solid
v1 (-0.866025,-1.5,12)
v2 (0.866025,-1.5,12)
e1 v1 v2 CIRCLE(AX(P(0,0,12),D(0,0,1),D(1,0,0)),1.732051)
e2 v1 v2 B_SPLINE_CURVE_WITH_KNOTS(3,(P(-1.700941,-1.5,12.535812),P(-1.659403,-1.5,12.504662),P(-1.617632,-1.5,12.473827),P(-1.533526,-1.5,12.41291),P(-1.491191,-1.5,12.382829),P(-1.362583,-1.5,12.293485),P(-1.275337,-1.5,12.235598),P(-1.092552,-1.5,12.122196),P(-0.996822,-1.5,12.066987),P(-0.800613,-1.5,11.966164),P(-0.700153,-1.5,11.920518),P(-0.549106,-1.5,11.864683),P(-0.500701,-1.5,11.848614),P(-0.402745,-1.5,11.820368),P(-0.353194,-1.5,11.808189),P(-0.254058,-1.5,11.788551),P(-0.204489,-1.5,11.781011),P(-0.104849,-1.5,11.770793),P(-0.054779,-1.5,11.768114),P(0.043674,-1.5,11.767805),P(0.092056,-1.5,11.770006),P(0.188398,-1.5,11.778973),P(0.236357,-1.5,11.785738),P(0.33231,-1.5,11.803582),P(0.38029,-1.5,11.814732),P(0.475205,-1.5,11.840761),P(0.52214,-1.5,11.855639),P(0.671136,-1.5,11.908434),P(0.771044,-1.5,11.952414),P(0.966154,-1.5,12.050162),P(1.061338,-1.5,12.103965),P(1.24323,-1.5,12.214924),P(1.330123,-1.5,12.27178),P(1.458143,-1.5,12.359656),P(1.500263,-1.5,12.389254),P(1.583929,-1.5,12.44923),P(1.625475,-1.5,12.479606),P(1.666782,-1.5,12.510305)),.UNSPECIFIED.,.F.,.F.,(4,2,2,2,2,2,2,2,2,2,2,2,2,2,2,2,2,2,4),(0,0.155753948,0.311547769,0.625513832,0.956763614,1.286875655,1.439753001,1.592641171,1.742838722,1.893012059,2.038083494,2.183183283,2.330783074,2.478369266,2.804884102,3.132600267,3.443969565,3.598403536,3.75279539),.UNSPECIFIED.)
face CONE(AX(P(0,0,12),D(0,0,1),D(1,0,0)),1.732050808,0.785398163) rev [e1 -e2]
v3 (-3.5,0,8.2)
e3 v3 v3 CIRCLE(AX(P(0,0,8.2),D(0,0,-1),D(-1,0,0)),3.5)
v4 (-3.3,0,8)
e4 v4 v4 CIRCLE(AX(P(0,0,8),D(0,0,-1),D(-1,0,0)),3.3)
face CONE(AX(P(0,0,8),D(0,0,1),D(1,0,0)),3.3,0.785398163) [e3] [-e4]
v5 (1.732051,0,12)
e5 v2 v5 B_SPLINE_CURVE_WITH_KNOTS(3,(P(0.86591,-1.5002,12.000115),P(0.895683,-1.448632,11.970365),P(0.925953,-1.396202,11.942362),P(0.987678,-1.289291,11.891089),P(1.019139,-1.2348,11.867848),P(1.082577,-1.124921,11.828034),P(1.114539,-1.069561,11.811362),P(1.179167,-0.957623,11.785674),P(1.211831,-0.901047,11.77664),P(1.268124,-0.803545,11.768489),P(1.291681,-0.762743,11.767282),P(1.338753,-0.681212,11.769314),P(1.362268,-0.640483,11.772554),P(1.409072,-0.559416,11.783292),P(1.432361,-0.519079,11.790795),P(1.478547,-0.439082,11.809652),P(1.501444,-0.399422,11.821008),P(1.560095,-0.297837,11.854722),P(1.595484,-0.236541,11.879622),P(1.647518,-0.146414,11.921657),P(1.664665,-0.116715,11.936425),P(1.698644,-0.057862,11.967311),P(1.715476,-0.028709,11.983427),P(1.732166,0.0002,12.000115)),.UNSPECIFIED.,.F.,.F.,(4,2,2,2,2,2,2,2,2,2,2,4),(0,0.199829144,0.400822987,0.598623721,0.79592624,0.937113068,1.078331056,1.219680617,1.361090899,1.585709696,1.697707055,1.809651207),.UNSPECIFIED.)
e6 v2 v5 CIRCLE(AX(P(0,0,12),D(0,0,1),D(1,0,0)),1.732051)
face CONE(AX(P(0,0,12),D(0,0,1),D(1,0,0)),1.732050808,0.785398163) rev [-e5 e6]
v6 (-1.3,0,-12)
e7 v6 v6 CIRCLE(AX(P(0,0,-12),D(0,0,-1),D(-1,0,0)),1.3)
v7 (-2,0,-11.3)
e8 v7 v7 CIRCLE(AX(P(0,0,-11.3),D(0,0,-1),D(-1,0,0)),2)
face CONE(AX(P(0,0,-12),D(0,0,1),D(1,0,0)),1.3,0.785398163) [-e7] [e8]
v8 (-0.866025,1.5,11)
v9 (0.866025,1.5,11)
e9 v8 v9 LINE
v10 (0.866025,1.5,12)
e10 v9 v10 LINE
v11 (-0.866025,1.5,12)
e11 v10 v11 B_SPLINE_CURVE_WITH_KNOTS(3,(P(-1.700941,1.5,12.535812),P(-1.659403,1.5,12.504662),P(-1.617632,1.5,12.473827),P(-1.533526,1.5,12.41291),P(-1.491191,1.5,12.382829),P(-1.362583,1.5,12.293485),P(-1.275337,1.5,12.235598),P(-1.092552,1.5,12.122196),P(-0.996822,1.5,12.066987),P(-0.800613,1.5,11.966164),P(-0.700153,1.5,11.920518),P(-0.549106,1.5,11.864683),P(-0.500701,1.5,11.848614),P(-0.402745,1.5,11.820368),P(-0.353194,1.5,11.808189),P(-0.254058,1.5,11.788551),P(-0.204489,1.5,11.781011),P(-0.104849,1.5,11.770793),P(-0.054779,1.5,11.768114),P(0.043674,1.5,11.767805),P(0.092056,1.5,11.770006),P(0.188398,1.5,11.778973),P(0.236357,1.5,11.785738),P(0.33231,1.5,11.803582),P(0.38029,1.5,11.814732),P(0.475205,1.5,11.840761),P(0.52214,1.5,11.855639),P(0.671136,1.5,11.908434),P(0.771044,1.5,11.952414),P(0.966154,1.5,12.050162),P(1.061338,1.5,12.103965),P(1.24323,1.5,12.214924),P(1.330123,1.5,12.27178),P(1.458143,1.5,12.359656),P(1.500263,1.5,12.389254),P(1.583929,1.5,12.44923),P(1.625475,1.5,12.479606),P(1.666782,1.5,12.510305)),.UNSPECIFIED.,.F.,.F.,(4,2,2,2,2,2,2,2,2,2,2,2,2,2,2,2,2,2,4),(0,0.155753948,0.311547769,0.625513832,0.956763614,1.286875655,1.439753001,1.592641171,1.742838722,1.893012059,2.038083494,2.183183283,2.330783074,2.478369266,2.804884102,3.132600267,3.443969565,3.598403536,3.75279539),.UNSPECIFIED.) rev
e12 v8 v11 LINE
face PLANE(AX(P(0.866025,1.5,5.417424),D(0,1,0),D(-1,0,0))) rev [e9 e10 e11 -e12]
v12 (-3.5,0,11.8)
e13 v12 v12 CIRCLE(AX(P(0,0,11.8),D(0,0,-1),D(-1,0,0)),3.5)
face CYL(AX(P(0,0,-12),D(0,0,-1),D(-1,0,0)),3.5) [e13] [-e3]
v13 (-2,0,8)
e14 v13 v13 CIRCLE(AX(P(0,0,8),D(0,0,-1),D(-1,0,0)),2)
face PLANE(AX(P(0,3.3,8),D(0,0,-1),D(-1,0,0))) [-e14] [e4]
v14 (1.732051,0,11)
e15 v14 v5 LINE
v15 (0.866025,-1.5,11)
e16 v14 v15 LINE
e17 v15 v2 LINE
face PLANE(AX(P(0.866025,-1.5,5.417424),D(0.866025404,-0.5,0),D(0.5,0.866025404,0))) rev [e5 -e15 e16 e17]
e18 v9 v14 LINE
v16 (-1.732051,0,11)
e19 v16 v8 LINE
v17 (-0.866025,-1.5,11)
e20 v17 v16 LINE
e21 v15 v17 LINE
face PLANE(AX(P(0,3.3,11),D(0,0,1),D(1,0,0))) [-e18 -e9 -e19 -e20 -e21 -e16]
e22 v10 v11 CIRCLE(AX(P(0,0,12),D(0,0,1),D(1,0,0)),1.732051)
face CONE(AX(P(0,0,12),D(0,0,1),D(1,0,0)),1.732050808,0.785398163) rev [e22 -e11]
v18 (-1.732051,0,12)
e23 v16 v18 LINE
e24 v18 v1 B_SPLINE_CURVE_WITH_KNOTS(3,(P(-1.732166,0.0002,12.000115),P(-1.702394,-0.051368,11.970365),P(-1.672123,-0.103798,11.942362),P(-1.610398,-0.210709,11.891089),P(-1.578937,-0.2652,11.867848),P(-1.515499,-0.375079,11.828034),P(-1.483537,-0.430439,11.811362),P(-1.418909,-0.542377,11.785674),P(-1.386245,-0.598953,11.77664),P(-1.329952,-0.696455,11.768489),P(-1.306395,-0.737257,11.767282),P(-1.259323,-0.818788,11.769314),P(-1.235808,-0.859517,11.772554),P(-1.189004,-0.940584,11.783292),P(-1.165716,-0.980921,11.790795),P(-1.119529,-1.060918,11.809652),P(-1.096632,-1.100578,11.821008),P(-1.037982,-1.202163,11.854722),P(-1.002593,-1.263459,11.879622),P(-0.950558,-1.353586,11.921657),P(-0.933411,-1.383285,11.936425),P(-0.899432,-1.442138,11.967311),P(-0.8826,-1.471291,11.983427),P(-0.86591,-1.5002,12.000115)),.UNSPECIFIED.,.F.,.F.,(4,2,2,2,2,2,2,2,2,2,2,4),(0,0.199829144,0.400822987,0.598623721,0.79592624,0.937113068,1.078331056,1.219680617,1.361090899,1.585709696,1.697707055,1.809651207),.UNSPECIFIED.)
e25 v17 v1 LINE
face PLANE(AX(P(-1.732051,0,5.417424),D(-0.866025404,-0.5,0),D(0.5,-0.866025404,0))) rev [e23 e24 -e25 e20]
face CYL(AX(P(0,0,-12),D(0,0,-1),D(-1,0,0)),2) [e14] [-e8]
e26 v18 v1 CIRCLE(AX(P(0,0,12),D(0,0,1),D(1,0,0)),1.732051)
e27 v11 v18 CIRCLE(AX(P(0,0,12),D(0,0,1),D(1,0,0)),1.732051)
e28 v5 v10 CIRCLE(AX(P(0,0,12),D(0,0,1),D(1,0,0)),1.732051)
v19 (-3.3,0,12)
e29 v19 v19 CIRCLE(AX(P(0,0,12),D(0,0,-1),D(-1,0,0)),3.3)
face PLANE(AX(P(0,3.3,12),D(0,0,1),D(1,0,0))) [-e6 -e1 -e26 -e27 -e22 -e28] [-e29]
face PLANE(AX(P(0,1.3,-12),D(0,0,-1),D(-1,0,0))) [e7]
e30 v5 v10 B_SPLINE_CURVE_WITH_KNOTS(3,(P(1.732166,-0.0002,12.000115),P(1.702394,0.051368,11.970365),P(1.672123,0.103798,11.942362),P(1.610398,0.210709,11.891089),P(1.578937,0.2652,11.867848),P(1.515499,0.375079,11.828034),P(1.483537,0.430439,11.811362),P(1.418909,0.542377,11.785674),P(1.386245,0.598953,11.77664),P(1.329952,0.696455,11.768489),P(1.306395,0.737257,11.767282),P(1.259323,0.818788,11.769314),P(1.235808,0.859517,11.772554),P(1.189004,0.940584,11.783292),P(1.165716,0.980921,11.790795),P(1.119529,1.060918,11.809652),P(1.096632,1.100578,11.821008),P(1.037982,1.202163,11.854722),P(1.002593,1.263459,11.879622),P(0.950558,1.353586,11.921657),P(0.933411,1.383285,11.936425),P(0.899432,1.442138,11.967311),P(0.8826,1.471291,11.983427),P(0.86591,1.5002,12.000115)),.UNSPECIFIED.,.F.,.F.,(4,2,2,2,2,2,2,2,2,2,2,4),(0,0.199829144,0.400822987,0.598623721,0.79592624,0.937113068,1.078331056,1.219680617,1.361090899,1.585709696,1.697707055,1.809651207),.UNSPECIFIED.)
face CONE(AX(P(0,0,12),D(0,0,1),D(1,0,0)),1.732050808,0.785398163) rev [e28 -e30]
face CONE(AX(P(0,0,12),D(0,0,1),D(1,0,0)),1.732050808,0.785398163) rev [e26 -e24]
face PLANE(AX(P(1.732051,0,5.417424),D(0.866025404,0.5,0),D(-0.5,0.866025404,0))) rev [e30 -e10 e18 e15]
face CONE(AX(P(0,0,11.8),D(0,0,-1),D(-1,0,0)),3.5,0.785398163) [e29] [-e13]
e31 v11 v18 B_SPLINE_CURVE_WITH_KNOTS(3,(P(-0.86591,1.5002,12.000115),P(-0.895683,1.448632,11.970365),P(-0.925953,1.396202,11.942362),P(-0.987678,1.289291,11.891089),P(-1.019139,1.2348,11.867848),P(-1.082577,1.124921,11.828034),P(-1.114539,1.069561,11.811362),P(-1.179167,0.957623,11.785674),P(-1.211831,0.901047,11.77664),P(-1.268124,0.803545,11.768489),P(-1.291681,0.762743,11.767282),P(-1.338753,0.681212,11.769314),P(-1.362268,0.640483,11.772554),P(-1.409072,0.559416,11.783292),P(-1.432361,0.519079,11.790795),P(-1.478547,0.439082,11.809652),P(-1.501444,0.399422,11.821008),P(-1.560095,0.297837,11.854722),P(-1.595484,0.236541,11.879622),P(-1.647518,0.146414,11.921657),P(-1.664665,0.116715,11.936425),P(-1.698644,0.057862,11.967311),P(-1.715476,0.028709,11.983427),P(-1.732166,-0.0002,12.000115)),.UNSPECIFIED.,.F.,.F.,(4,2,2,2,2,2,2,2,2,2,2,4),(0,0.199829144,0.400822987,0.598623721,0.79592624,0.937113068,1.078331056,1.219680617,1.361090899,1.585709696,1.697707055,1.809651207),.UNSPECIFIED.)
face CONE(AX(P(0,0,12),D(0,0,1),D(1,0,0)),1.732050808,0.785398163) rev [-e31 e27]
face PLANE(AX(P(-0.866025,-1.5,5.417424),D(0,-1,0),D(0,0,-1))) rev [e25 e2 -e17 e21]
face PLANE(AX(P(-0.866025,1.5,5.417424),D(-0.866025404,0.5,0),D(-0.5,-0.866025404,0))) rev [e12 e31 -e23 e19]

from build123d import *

# Parameters (mm, degrees)
CUT_EXTRUDE1_DEPTH = 1
SKETCH4_R          = 1.732050808
CUT_EXTRUDE2_DEPTH = 0.5
CUT_EXTRUDE2_DRAFT = -45


with BuildPart() as part:
    # Sketch2 → Revolve1 (revolve)
    with BuildSketch(Plane(origin=(0, 0, 0), x_dir=(0, 0, -1), z_dir=(1, 0, 0)), mode=Mode.PRIVATE) as revolve1_sk:
        Polygon((-11.8, 3.5), (-8.2, 3.5), (-8, 3.3), (-8, 2), (11.3, 2), (12, 1.3), (12, 0), (-12, 0), (-12, 3.3), align=None)
    revolve(revolve1_sk.sketch.rotate(Axis((0, 0, -12), (0, 0, 1)), 90), axis=Axis((0, 0, -12), (0, 0, 1)))

    # Sketch3 → Cut-Extrude1 (cut)
    with BuildSketch(Plane.XY.offset(12)):
        Polygon((0.866025404, 1.5), (-0.866025404, 1.5), (-1.732050808, 0), (-0.866025404, -1.5), (0.866025404, -1.5), (1.732050808, 0), align=None)
    extrude(amount=-CUT_EXTRUDE1_DEPTH, mode=Mode.SUBTRACT)


with BuildPart() as cut_extrude2_tool:
    # Sketch4 → Cut-Extrude2 (with draft: the straight prism first)
    with BuildSketch(Plane.XY.offset(12)):
        Circle(SKETCH4_R)
    extrude(amount=-CUT_EXTRUDE2_DEPTH)
    # Cut-Extrude2: the draft: its side faces are tilted about the plane it starts from
    cut_extrude2_sides = [cut_extrude2_tool.faces().sort_by_distance(p)[0] for p in [
        (-1.732050808, 0, 11.75),
    ]]
    draft(cut_extrude2_sides, Plane.XY.offset(12), CUT_EXTRUDE2_DRAFT)


with BuildPart() as part_1:
    add(part.part)

    # Cut-Extrude2: cut by cut_extrude2_tool
    add(cut_extrude2_tool.part, mode=Mode.SUBTRACT)


solid = part_1.part
